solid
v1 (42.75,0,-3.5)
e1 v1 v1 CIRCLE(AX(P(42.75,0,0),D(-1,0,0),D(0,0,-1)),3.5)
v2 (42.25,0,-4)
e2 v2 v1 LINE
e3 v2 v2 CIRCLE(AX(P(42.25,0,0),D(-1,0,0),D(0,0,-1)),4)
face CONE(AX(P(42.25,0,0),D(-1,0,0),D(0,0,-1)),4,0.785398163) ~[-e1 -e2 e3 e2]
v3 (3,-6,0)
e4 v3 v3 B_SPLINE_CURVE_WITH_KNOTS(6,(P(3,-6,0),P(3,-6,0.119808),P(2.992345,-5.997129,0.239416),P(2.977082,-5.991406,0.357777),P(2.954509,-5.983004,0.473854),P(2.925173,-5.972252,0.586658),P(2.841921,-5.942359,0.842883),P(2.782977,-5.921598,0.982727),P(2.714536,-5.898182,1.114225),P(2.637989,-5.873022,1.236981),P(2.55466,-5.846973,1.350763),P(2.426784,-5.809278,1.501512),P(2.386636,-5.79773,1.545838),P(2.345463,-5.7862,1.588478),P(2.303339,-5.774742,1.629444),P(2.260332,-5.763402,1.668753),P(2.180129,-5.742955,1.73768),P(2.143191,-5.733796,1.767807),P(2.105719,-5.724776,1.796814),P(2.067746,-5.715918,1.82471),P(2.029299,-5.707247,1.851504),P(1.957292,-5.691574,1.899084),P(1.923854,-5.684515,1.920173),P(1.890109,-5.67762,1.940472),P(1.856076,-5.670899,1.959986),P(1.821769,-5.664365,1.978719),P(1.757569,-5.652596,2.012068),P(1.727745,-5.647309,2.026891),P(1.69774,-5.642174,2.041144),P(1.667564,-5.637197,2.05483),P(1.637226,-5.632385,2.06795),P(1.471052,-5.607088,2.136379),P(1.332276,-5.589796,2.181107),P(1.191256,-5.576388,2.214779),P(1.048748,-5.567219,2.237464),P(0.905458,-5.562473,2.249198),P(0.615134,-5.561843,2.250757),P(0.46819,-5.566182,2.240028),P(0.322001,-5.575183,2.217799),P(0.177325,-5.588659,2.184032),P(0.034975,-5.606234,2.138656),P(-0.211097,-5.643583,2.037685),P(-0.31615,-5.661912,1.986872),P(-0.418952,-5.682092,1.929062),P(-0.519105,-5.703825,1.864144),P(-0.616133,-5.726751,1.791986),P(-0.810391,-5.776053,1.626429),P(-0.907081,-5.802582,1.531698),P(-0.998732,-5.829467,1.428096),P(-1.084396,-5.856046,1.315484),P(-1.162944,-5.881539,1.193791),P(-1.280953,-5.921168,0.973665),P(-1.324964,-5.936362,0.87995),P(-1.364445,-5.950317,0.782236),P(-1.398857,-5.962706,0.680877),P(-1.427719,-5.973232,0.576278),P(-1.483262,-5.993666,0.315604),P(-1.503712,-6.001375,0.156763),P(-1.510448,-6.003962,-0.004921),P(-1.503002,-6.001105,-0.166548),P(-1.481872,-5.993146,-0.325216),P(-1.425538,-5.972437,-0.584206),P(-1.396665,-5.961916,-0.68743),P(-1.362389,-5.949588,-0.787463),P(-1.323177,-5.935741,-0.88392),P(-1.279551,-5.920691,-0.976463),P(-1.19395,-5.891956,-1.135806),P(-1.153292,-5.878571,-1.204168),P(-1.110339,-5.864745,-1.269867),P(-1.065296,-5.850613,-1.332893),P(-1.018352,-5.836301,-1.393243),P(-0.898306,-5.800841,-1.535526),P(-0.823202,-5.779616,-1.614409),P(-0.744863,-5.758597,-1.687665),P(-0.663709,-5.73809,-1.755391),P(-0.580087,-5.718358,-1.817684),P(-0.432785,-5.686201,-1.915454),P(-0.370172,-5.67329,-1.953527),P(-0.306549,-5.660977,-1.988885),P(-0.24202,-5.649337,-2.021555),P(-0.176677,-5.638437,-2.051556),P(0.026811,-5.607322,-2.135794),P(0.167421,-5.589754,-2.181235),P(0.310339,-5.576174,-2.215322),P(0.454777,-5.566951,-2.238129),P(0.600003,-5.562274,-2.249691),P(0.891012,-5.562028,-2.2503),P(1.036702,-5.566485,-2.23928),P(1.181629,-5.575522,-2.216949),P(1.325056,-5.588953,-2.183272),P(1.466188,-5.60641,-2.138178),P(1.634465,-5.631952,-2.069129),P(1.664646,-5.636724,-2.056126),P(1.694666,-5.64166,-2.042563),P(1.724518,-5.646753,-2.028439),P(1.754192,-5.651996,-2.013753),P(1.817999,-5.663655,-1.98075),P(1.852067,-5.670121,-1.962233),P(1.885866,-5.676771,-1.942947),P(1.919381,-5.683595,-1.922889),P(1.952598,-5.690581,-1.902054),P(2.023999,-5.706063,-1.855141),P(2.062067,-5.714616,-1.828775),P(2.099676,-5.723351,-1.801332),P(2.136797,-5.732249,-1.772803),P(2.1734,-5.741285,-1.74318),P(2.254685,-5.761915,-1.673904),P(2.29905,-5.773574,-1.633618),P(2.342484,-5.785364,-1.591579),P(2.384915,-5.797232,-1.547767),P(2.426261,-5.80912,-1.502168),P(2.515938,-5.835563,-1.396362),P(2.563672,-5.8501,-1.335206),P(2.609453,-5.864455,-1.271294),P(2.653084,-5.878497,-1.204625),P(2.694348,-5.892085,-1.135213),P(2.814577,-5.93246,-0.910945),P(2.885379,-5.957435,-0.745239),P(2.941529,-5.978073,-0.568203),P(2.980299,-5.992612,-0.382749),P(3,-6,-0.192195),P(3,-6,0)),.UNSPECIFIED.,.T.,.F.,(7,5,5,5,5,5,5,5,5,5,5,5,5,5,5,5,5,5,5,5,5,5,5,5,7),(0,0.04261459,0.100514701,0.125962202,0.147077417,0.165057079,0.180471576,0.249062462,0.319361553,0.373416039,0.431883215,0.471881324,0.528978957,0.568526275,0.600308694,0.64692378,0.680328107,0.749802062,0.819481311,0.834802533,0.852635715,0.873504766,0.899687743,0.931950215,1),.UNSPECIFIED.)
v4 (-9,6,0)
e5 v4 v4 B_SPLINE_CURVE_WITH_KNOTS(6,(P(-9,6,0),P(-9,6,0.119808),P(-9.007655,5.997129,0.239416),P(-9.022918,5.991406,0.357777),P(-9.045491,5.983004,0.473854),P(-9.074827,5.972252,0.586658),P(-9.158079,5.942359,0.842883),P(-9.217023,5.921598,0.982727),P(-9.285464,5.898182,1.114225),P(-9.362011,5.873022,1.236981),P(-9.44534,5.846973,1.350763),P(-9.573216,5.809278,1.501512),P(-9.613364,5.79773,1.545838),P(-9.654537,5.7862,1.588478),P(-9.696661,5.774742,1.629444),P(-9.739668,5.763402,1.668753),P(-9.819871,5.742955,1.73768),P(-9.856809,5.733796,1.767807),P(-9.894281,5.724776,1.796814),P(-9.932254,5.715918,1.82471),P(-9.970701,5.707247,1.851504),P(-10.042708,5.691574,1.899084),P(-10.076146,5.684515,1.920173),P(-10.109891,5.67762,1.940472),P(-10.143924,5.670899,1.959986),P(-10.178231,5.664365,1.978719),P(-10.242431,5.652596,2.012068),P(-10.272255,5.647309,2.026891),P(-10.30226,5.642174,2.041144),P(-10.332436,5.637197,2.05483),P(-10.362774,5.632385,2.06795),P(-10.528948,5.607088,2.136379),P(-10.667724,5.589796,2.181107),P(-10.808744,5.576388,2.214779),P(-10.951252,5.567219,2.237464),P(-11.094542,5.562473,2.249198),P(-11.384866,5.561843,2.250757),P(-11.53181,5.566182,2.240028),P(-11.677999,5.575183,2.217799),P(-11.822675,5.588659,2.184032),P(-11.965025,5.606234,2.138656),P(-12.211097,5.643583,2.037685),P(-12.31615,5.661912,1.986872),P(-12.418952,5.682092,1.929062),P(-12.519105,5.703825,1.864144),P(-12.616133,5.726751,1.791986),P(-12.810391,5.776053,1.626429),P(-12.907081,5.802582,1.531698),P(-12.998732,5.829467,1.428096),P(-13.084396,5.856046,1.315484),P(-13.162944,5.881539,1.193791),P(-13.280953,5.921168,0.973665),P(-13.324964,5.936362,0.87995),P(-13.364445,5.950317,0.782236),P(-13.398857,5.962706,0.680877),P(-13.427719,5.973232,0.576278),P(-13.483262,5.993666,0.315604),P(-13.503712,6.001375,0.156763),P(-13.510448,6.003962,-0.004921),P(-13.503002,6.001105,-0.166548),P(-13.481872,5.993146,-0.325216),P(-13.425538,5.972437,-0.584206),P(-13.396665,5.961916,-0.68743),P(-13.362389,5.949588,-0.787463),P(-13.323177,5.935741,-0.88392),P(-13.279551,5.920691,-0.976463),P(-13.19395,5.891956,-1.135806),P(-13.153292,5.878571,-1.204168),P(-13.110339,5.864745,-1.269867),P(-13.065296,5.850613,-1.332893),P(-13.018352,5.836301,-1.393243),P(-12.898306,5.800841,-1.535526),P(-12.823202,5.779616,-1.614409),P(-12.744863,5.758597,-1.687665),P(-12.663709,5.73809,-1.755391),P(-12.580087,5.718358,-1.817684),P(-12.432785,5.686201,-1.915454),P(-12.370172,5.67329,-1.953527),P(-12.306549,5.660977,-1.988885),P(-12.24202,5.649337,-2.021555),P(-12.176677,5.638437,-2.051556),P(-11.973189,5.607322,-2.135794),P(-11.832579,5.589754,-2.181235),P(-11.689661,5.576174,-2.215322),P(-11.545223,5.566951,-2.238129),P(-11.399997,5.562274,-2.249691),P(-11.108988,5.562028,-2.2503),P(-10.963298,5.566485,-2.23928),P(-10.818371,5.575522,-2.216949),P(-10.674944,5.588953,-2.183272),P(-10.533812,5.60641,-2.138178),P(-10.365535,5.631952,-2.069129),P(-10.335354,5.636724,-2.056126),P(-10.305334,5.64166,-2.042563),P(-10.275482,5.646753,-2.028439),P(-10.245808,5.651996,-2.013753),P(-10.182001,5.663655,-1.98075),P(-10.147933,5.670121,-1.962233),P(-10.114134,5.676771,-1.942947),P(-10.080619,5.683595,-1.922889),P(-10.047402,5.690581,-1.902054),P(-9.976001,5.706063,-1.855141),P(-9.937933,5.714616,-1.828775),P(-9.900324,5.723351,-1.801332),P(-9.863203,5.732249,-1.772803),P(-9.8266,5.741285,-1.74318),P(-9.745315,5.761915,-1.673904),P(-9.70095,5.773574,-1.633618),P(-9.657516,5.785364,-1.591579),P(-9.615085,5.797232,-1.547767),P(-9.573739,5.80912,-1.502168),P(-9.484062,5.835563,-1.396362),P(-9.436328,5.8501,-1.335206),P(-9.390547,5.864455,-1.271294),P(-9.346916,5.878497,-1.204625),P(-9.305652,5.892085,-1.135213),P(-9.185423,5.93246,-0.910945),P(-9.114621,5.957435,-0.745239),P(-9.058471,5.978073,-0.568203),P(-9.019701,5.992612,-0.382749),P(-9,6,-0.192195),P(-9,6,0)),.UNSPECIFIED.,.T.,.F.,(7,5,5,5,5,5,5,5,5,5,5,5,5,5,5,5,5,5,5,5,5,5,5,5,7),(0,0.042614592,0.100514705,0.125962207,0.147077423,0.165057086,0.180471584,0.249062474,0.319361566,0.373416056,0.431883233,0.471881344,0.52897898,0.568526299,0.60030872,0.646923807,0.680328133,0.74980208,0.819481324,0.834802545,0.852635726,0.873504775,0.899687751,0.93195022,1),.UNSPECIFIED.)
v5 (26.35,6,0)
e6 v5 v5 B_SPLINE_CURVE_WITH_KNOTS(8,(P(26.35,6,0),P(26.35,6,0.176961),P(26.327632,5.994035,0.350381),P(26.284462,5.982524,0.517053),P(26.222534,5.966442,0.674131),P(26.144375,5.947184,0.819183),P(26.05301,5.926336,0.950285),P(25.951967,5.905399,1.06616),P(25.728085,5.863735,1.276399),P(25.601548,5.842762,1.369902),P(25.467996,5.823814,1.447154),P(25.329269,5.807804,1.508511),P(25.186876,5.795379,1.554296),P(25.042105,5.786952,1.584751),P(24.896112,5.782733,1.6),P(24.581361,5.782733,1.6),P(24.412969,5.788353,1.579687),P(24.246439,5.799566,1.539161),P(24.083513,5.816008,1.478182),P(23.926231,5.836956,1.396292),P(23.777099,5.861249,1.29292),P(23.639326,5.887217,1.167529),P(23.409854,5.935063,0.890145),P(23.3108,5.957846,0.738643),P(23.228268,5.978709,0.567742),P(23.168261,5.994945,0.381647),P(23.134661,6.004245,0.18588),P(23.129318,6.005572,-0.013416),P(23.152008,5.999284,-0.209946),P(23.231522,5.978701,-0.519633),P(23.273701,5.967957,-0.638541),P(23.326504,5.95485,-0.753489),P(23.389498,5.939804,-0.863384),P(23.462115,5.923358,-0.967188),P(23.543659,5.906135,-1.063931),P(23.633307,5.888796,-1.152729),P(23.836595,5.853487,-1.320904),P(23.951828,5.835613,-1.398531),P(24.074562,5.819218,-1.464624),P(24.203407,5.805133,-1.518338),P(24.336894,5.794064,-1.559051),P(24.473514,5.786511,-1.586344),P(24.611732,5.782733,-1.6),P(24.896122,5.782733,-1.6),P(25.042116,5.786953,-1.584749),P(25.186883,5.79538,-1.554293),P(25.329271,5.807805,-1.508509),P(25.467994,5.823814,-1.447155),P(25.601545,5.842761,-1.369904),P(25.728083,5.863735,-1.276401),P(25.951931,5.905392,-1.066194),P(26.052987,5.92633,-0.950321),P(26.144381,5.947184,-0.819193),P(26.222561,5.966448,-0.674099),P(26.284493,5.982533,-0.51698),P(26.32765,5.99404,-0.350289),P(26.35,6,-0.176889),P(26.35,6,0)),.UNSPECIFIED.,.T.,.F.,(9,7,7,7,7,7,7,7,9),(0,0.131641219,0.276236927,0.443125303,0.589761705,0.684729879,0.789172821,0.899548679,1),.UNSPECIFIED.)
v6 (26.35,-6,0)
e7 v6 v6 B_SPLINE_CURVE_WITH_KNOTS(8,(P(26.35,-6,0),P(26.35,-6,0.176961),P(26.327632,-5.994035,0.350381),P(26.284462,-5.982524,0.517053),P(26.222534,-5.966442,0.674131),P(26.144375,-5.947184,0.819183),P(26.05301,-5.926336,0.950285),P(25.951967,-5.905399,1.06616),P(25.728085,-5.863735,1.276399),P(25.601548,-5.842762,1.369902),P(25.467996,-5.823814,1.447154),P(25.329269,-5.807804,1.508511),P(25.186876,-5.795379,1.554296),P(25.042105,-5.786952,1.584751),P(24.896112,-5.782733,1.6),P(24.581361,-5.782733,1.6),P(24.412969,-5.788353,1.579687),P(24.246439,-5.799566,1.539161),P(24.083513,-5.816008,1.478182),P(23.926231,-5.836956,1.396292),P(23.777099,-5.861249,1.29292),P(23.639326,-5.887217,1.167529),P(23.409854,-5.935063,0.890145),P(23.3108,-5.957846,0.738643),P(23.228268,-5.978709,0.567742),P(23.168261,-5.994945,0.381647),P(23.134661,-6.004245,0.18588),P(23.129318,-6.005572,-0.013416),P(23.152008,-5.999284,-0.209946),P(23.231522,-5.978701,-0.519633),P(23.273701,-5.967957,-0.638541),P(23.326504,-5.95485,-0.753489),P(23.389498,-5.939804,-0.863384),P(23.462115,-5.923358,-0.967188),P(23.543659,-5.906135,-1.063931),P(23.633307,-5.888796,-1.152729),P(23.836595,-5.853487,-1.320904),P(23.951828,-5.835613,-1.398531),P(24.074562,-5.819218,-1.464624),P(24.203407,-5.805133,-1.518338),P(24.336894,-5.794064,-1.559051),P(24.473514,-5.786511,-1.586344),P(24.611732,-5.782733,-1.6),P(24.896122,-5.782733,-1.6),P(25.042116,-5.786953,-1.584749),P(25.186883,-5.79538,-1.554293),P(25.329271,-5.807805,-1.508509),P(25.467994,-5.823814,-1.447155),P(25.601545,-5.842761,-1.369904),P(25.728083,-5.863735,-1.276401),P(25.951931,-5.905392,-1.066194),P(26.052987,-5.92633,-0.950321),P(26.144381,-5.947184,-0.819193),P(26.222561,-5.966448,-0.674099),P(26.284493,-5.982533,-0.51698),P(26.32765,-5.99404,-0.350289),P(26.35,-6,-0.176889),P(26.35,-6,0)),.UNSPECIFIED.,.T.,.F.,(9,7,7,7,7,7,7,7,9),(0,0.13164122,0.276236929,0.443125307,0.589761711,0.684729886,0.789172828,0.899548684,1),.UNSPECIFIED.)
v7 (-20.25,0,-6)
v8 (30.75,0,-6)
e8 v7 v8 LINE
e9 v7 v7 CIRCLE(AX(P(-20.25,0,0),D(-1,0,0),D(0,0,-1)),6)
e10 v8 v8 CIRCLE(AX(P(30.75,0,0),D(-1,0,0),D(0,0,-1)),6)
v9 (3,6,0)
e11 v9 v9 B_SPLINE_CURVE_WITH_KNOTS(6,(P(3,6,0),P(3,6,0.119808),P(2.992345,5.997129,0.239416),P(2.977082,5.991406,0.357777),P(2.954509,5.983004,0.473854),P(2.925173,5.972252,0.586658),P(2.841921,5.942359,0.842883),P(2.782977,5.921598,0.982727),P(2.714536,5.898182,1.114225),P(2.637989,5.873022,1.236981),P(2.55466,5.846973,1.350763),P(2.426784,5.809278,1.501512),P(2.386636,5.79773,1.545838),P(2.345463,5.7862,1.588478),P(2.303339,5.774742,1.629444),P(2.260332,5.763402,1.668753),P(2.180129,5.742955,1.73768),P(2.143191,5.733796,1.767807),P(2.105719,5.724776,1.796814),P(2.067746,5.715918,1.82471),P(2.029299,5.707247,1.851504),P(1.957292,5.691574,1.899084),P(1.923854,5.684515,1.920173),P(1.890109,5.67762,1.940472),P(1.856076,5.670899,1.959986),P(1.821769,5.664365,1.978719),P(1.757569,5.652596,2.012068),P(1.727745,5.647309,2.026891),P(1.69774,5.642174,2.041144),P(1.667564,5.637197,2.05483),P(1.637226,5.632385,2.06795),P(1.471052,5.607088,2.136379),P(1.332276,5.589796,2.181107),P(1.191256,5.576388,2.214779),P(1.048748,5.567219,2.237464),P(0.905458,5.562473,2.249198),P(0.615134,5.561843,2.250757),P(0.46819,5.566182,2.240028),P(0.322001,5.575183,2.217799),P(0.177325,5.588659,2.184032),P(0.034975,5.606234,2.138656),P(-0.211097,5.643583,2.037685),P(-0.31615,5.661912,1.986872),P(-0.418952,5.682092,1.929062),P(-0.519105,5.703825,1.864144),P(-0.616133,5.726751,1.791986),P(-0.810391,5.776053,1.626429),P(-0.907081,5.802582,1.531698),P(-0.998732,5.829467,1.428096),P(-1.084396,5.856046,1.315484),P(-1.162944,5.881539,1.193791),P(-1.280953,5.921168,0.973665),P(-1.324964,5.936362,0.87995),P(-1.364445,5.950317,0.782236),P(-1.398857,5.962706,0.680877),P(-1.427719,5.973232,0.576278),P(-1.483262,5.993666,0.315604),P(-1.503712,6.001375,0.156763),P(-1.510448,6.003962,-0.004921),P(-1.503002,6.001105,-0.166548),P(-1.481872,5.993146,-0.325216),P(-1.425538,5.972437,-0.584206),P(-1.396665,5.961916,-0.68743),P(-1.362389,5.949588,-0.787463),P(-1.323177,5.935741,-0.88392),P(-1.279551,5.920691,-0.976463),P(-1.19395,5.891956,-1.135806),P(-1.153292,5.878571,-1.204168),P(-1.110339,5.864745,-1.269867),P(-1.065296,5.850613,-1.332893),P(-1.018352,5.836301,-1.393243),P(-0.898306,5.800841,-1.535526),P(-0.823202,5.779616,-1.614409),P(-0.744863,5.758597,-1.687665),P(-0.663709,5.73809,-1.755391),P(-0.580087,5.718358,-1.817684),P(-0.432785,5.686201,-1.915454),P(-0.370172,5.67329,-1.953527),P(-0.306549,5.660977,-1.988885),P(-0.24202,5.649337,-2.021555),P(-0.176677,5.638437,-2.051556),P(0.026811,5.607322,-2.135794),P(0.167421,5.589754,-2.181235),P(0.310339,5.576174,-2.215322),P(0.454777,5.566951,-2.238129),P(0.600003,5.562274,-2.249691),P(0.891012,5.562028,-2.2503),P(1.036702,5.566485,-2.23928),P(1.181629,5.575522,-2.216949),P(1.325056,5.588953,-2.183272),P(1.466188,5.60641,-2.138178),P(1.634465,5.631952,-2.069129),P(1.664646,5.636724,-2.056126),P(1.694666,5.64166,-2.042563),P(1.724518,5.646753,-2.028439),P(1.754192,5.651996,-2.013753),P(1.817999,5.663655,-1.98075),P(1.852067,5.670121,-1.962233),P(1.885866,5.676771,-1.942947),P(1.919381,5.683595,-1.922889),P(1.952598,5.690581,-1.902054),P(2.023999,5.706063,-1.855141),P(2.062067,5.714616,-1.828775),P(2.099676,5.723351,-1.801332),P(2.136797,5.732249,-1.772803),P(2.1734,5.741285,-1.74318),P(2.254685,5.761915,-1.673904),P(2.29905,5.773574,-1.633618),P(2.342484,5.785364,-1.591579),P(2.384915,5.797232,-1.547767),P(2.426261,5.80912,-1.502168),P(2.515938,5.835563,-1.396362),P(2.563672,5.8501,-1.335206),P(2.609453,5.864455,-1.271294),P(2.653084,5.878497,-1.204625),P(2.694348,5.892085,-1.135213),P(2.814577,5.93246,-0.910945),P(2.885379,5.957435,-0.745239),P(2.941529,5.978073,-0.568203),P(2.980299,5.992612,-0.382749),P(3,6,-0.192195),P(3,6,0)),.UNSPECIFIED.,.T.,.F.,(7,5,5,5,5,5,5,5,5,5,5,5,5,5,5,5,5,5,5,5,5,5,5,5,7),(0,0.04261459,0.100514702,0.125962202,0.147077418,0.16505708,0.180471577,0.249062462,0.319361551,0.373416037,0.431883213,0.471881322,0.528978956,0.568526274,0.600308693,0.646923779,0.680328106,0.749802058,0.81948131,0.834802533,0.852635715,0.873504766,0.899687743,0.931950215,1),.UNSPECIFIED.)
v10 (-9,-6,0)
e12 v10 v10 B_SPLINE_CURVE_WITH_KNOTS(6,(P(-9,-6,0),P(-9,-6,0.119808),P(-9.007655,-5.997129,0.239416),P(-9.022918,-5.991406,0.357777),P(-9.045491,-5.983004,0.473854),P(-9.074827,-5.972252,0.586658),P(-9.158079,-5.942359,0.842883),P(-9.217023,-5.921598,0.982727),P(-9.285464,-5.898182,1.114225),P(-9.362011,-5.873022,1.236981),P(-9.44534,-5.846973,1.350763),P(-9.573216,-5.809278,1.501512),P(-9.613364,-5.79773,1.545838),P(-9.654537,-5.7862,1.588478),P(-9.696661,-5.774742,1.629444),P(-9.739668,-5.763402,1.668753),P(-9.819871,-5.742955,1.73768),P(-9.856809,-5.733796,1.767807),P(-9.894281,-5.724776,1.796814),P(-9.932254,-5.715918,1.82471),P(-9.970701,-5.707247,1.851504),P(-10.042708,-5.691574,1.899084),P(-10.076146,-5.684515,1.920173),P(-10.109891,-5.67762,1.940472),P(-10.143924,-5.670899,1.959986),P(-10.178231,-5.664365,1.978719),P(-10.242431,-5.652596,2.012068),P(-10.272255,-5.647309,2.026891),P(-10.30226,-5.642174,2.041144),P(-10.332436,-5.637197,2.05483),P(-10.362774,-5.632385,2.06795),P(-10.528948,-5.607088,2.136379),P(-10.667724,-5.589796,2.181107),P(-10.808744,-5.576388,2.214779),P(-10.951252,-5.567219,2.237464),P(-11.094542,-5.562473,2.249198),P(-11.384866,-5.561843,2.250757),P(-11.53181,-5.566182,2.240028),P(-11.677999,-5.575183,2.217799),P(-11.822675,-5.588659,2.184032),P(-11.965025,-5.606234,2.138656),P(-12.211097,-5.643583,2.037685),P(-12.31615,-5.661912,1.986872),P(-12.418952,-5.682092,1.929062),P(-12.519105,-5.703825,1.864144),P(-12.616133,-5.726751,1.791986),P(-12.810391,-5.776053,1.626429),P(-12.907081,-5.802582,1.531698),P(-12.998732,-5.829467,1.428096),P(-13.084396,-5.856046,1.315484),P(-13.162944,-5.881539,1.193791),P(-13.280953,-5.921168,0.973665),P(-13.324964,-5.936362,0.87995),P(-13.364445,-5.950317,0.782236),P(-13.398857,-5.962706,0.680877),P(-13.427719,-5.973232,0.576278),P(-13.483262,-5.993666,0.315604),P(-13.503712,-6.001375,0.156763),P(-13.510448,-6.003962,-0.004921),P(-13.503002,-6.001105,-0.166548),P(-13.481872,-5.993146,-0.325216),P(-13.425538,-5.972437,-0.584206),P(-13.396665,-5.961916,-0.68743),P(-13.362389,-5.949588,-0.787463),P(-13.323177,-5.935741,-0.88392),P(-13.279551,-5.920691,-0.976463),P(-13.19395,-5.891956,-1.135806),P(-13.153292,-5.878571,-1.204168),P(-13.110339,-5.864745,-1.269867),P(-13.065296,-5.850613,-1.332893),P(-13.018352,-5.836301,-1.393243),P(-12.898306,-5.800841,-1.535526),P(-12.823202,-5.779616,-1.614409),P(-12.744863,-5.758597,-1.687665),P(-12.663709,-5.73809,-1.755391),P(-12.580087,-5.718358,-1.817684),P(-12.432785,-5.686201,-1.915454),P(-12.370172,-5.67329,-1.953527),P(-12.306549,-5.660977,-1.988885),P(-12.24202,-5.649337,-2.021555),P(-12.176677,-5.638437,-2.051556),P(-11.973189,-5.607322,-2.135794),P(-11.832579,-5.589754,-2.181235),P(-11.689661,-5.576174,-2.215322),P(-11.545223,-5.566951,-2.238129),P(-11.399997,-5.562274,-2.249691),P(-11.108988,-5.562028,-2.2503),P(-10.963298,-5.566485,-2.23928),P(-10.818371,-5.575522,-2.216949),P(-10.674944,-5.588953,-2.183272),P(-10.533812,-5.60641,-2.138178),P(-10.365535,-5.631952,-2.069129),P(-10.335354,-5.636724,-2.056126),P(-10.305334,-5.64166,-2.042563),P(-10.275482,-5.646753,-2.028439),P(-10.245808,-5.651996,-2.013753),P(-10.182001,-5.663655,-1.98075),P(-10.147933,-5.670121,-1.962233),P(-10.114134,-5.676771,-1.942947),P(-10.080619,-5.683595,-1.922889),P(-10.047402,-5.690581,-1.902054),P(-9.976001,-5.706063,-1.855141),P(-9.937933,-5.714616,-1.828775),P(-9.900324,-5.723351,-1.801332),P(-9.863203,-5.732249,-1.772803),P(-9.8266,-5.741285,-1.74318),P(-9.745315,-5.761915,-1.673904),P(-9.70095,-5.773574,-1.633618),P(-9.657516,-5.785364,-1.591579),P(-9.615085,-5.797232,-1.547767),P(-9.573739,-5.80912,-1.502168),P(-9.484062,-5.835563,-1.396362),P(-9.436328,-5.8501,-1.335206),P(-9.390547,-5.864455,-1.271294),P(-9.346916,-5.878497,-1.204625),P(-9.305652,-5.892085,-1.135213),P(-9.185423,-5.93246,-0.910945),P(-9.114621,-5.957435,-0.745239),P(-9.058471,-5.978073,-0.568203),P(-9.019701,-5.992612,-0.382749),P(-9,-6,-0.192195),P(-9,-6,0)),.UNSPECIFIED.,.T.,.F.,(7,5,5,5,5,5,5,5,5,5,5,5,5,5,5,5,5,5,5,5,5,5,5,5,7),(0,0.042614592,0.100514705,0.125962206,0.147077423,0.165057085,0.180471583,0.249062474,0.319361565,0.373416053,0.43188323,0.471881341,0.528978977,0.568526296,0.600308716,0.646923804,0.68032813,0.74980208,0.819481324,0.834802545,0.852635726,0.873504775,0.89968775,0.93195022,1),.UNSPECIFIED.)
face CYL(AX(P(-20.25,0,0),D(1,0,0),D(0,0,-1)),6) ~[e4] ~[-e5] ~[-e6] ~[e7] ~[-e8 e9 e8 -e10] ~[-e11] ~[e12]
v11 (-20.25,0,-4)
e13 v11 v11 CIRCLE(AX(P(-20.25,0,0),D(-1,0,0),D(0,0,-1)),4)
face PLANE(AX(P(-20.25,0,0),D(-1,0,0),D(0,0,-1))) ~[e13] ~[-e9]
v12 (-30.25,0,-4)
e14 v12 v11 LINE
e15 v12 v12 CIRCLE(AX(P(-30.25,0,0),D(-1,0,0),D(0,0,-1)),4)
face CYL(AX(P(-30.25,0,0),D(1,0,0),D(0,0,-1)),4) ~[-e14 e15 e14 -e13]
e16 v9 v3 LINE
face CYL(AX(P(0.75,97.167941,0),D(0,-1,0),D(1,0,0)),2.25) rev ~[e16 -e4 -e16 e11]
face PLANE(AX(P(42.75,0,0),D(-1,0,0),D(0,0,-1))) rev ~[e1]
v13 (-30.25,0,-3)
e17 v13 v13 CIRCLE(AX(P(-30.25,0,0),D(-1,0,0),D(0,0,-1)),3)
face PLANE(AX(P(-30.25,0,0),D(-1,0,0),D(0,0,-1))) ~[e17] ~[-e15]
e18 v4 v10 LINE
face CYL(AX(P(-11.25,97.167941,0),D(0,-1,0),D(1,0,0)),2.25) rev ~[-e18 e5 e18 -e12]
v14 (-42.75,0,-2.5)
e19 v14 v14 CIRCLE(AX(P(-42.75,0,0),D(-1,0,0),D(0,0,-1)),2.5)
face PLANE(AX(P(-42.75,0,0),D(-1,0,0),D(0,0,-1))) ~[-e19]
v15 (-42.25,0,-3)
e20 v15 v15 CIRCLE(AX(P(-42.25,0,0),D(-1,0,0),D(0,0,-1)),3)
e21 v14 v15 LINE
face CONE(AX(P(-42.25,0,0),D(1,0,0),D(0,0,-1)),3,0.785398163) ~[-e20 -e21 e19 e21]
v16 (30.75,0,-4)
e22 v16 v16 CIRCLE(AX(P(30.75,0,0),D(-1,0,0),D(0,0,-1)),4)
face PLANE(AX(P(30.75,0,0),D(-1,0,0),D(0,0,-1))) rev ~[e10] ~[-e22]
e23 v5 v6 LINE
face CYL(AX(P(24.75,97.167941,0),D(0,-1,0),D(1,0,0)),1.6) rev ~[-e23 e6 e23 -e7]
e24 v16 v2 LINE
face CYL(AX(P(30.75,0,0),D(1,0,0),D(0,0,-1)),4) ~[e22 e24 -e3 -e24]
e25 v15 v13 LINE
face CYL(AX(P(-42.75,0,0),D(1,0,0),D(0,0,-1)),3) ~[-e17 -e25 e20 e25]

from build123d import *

# Parameters (mm, degrees)
CHAFL_N1_SIZE                = 0.5
TALADRO_DE_MARGEN_PARA_M41_D = 4.5
TALADRO_DE_MARGEN_PARA_M31_D = 3.2


with BuildPart() as part:
    # Croquis1 → Revolución1 (revolve)
    with BuildSketch(Plane(origin=(0, 0, 0), x_dir=(-1, 0, 0), z_dir=(0, 1, 0)), mode=Mode.PRIVATE) as revoluci_n1_sk:
        Polygon((-42.75, 0), (42.75, 0), (42.75, 3), (30.25, 3), (30.25, 4), (20.25, 4), (20.25, 6), (-30.75, 6), (-30.75, 4), (-42.75, 4), align=None)
    revolve(revoluci_n1_sk.sketch.rotate(Axis((42.75, 0, 0), (-1, 0, 0)), 180), axis=Axis((42.75, 0, 0), (-1, 0, 0)))

    # Chaflán1
    chafl_n1_edges = [part.edges().sort_by_distance(p)[0] for p in [
        (-42.75, 0, 3),
        (42.75, 0, 4),
    ]]
    chamfer(chafl_n1_edges, length=CHAFL_N1_SIZE)

    # Taladro de margen para M41 (through all)
    with Locations(Plane(origin=(0, 10, 0), x_dir=(-1, 0, 0), z_dir=(0, 1, 0))):
        with Locations((11.25, 0), (-0.75, 0)):
            Hole(TALADRO_DE_MARGEN_PARA_M41_D / 2)

    # Taladro de margen para M31 (through all)
    with Locations(Plane(origin=(0, 10, 0), x_dir=(-1, 0, 0), z_dir=(0, 1, 0))):
        with Locations((-24.75, 0)):
            Hole(TALADRO_DE_MARGEN_PARA_M31_D / 2)


solid = part.part
